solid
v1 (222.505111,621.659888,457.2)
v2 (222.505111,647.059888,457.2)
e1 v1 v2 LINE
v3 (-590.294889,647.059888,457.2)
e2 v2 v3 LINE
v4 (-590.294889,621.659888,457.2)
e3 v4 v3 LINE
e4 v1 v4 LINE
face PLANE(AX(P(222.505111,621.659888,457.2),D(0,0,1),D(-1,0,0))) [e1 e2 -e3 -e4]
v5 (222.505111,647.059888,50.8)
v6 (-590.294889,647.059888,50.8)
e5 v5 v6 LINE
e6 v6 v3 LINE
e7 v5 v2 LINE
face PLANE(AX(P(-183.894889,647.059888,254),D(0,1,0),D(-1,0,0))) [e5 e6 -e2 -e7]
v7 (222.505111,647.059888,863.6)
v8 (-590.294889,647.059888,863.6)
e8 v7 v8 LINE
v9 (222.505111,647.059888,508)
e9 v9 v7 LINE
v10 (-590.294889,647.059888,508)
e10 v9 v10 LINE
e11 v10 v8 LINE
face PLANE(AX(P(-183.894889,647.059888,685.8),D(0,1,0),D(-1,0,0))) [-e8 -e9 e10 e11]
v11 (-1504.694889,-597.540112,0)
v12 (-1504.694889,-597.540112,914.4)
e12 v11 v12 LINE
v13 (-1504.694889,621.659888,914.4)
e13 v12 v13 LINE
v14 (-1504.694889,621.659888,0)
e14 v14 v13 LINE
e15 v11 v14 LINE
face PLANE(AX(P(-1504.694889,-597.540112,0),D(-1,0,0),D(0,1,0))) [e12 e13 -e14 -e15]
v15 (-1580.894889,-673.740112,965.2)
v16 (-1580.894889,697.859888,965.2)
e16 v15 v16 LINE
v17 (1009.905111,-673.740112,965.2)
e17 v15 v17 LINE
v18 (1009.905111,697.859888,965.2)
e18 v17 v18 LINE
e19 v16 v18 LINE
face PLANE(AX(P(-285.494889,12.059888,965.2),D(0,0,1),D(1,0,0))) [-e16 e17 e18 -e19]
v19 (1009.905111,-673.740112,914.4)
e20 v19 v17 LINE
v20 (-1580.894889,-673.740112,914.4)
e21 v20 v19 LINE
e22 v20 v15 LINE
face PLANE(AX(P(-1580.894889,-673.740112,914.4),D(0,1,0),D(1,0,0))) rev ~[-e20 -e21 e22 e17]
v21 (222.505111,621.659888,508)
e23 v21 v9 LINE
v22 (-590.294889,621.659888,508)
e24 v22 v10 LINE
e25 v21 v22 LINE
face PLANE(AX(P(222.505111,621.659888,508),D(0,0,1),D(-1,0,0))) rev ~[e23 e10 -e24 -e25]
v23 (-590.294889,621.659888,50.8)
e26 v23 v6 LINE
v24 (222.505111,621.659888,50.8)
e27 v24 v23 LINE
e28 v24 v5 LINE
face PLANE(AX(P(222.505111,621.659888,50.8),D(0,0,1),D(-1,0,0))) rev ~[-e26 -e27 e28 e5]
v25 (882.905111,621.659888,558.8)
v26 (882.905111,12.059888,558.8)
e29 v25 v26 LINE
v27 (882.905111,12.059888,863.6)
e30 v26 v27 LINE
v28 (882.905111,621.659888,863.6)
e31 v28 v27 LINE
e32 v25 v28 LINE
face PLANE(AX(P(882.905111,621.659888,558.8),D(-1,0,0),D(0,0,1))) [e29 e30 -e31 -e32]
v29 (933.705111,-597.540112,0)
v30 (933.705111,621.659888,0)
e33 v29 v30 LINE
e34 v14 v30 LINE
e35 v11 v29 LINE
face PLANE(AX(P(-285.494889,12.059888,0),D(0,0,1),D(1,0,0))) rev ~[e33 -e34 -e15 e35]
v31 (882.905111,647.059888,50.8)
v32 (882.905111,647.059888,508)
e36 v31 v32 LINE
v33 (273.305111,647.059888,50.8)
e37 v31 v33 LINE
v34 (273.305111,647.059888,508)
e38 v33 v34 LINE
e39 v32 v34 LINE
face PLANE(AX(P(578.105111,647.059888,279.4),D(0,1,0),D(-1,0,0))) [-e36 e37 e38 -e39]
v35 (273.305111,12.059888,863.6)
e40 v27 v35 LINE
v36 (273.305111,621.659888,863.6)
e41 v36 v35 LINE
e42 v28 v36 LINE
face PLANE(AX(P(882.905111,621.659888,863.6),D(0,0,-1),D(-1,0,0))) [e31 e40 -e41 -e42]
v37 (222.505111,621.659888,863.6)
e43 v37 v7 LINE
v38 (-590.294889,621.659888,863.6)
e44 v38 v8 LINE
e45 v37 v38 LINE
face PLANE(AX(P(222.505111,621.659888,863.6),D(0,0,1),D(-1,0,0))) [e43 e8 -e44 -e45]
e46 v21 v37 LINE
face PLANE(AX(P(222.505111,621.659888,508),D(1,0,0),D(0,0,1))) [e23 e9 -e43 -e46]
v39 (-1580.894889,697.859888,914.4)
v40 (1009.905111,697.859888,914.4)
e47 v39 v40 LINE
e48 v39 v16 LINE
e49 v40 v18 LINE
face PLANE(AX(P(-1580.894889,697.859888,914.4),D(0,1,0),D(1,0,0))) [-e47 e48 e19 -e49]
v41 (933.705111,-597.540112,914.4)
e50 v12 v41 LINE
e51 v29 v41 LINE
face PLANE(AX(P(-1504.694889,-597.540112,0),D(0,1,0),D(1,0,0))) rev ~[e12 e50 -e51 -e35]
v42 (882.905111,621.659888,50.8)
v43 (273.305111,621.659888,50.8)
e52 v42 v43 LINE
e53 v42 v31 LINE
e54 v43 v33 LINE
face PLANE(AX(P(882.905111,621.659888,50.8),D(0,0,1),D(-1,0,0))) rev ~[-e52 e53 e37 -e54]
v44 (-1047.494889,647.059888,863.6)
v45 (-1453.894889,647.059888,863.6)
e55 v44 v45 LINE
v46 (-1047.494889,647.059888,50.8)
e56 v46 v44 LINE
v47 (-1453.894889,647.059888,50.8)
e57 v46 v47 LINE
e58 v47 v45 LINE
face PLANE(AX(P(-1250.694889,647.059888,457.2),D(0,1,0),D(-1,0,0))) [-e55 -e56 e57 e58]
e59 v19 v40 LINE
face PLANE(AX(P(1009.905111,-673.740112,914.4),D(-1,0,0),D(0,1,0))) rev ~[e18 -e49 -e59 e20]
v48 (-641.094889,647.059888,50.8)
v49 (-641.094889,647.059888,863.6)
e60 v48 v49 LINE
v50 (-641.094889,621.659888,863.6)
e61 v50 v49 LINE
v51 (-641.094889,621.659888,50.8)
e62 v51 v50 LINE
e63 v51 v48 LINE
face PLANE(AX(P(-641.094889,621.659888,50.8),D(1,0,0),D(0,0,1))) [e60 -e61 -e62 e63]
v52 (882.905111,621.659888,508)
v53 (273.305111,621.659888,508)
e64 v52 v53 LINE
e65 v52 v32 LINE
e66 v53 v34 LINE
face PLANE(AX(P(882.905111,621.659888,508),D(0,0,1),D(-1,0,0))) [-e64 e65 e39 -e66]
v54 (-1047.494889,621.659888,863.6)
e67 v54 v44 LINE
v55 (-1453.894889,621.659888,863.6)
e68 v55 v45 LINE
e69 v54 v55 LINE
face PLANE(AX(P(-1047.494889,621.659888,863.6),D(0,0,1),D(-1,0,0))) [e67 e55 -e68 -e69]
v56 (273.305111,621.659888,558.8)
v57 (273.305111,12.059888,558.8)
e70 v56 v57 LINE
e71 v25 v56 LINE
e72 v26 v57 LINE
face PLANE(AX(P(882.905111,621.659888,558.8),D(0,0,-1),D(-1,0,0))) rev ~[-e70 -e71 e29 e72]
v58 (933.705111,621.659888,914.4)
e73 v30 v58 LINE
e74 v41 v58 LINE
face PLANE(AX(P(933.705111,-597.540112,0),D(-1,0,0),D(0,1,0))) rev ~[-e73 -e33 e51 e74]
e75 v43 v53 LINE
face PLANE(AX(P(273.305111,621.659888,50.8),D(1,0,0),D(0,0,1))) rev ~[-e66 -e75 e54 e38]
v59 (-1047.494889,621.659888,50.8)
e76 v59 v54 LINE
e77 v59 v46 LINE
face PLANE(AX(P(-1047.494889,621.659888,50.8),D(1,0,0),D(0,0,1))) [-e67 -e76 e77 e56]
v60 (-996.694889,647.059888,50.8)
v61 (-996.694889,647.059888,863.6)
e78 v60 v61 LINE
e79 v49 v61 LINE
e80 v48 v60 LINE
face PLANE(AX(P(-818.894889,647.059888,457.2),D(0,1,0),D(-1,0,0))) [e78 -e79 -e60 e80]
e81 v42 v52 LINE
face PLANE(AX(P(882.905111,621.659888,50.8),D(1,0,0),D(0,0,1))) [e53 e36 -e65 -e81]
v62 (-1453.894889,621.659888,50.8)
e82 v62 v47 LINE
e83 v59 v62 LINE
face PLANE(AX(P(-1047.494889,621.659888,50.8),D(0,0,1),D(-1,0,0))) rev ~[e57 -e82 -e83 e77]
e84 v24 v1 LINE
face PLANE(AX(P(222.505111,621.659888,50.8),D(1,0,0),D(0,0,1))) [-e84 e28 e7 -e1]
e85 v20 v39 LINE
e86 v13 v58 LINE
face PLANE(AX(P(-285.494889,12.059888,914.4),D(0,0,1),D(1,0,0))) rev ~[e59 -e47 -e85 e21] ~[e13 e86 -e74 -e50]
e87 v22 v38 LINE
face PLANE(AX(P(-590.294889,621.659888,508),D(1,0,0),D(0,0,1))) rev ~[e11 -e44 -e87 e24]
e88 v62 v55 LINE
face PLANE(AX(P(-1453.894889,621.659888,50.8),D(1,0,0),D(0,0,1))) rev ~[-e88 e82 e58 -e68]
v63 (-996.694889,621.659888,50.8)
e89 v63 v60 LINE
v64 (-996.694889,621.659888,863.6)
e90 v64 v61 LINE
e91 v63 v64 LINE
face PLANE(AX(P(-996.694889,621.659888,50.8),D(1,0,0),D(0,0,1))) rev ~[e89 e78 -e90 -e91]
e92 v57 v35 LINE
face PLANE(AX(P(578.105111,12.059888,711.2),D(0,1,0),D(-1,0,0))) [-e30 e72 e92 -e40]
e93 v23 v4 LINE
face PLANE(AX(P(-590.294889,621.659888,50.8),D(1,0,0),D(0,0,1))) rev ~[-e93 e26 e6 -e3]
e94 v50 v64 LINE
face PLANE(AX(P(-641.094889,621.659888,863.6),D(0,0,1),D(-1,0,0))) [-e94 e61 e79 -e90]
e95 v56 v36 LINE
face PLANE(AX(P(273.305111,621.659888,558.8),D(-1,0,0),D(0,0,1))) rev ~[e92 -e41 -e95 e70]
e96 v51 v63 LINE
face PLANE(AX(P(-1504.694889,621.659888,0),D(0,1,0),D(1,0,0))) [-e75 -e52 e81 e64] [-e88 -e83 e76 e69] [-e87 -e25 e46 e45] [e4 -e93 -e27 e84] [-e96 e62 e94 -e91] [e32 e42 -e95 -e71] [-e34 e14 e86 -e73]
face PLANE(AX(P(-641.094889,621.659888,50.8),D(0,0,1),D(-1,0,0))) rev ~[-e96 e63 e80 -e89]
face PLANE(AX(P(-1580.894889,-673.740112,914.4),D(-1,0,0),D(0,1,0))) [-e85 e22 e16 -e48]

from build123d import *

# Parameters (mm, degrees)
F0_W     = 2438.4
F0_H     = 1219.2
F1_DEPTH = 914.4
F2_W     = 2590.8
F2_H     = 1371.6
F3_DEPTH = 50.8
F4_W     = 609.6
F4_H     = 304.8
F5_DEPTH = 609.6
F6_W     = 609.6
F6_H     = 457.2
F6_W_2   = 812.8
F6_H_2   = 355.6
F6_H_3   = 406.4
F6_W_3   = 355.6
F6_H_4   = 812.8
F6_W_4   = 406.4
F7_DEPTH = 25.4


with BuildPart() as f1:
    # F0 (on Top) → F1 (new body)
    with BuildSketch(Plane.XY):
        with Locations((-285.494889, 12.059888)):
            Rectangle(F0_W, F0_H)
    extrude(amount=F1_DEPTH)

    # F2 (on face) → F3 (join)
    with BuildSketch(Plane.XY.offset(914.4)):
        with Locations((-285.494889, 12.059888)):
            Rectangle(F2_W, F2_H)
    extrude(amount=F3_DEPTH)

    # F4 (on face) → F5 (cut)
    with BuildSketch(Plane(origin=(0, 621.659888, 0), x_dir=(-1, 0, 0), z_dir=(0, 1, 0))):
        with Locations((-578.105111, 711.2)):
            Rectangle(F4_W, F4_H)
    extrude(amount=-F5_DEPTH, mode=Mode.SUBTRACT)

    # F6 (on face) → F7 (join)
    with BuildSketch(Plane(origin=(0, 621.659888, 0), x_dir=(-1, 0, 0), z_dir=(0, 1, 0))):
        with Locations((-578.105111, 279.4)):
            Rectangle(F6_W, F6_H)
        with Locations((183.894889, 685.8)):
            Rectangle(F6_W_2, F6_H_2)
        with Locations((183.894889, 254)):
            Rectangle(F6_W_2, F6_H_3)
        with Locations((818.894889, 457.2)):
            Rectangle(F6_W_3, F6_H_4)
        with Locations((1250.694889, 457.2)):
            Rectangle(F6_W_4, F6_H_4)
    extrude(amount=F7_DEPTH)


solid = f1.part
